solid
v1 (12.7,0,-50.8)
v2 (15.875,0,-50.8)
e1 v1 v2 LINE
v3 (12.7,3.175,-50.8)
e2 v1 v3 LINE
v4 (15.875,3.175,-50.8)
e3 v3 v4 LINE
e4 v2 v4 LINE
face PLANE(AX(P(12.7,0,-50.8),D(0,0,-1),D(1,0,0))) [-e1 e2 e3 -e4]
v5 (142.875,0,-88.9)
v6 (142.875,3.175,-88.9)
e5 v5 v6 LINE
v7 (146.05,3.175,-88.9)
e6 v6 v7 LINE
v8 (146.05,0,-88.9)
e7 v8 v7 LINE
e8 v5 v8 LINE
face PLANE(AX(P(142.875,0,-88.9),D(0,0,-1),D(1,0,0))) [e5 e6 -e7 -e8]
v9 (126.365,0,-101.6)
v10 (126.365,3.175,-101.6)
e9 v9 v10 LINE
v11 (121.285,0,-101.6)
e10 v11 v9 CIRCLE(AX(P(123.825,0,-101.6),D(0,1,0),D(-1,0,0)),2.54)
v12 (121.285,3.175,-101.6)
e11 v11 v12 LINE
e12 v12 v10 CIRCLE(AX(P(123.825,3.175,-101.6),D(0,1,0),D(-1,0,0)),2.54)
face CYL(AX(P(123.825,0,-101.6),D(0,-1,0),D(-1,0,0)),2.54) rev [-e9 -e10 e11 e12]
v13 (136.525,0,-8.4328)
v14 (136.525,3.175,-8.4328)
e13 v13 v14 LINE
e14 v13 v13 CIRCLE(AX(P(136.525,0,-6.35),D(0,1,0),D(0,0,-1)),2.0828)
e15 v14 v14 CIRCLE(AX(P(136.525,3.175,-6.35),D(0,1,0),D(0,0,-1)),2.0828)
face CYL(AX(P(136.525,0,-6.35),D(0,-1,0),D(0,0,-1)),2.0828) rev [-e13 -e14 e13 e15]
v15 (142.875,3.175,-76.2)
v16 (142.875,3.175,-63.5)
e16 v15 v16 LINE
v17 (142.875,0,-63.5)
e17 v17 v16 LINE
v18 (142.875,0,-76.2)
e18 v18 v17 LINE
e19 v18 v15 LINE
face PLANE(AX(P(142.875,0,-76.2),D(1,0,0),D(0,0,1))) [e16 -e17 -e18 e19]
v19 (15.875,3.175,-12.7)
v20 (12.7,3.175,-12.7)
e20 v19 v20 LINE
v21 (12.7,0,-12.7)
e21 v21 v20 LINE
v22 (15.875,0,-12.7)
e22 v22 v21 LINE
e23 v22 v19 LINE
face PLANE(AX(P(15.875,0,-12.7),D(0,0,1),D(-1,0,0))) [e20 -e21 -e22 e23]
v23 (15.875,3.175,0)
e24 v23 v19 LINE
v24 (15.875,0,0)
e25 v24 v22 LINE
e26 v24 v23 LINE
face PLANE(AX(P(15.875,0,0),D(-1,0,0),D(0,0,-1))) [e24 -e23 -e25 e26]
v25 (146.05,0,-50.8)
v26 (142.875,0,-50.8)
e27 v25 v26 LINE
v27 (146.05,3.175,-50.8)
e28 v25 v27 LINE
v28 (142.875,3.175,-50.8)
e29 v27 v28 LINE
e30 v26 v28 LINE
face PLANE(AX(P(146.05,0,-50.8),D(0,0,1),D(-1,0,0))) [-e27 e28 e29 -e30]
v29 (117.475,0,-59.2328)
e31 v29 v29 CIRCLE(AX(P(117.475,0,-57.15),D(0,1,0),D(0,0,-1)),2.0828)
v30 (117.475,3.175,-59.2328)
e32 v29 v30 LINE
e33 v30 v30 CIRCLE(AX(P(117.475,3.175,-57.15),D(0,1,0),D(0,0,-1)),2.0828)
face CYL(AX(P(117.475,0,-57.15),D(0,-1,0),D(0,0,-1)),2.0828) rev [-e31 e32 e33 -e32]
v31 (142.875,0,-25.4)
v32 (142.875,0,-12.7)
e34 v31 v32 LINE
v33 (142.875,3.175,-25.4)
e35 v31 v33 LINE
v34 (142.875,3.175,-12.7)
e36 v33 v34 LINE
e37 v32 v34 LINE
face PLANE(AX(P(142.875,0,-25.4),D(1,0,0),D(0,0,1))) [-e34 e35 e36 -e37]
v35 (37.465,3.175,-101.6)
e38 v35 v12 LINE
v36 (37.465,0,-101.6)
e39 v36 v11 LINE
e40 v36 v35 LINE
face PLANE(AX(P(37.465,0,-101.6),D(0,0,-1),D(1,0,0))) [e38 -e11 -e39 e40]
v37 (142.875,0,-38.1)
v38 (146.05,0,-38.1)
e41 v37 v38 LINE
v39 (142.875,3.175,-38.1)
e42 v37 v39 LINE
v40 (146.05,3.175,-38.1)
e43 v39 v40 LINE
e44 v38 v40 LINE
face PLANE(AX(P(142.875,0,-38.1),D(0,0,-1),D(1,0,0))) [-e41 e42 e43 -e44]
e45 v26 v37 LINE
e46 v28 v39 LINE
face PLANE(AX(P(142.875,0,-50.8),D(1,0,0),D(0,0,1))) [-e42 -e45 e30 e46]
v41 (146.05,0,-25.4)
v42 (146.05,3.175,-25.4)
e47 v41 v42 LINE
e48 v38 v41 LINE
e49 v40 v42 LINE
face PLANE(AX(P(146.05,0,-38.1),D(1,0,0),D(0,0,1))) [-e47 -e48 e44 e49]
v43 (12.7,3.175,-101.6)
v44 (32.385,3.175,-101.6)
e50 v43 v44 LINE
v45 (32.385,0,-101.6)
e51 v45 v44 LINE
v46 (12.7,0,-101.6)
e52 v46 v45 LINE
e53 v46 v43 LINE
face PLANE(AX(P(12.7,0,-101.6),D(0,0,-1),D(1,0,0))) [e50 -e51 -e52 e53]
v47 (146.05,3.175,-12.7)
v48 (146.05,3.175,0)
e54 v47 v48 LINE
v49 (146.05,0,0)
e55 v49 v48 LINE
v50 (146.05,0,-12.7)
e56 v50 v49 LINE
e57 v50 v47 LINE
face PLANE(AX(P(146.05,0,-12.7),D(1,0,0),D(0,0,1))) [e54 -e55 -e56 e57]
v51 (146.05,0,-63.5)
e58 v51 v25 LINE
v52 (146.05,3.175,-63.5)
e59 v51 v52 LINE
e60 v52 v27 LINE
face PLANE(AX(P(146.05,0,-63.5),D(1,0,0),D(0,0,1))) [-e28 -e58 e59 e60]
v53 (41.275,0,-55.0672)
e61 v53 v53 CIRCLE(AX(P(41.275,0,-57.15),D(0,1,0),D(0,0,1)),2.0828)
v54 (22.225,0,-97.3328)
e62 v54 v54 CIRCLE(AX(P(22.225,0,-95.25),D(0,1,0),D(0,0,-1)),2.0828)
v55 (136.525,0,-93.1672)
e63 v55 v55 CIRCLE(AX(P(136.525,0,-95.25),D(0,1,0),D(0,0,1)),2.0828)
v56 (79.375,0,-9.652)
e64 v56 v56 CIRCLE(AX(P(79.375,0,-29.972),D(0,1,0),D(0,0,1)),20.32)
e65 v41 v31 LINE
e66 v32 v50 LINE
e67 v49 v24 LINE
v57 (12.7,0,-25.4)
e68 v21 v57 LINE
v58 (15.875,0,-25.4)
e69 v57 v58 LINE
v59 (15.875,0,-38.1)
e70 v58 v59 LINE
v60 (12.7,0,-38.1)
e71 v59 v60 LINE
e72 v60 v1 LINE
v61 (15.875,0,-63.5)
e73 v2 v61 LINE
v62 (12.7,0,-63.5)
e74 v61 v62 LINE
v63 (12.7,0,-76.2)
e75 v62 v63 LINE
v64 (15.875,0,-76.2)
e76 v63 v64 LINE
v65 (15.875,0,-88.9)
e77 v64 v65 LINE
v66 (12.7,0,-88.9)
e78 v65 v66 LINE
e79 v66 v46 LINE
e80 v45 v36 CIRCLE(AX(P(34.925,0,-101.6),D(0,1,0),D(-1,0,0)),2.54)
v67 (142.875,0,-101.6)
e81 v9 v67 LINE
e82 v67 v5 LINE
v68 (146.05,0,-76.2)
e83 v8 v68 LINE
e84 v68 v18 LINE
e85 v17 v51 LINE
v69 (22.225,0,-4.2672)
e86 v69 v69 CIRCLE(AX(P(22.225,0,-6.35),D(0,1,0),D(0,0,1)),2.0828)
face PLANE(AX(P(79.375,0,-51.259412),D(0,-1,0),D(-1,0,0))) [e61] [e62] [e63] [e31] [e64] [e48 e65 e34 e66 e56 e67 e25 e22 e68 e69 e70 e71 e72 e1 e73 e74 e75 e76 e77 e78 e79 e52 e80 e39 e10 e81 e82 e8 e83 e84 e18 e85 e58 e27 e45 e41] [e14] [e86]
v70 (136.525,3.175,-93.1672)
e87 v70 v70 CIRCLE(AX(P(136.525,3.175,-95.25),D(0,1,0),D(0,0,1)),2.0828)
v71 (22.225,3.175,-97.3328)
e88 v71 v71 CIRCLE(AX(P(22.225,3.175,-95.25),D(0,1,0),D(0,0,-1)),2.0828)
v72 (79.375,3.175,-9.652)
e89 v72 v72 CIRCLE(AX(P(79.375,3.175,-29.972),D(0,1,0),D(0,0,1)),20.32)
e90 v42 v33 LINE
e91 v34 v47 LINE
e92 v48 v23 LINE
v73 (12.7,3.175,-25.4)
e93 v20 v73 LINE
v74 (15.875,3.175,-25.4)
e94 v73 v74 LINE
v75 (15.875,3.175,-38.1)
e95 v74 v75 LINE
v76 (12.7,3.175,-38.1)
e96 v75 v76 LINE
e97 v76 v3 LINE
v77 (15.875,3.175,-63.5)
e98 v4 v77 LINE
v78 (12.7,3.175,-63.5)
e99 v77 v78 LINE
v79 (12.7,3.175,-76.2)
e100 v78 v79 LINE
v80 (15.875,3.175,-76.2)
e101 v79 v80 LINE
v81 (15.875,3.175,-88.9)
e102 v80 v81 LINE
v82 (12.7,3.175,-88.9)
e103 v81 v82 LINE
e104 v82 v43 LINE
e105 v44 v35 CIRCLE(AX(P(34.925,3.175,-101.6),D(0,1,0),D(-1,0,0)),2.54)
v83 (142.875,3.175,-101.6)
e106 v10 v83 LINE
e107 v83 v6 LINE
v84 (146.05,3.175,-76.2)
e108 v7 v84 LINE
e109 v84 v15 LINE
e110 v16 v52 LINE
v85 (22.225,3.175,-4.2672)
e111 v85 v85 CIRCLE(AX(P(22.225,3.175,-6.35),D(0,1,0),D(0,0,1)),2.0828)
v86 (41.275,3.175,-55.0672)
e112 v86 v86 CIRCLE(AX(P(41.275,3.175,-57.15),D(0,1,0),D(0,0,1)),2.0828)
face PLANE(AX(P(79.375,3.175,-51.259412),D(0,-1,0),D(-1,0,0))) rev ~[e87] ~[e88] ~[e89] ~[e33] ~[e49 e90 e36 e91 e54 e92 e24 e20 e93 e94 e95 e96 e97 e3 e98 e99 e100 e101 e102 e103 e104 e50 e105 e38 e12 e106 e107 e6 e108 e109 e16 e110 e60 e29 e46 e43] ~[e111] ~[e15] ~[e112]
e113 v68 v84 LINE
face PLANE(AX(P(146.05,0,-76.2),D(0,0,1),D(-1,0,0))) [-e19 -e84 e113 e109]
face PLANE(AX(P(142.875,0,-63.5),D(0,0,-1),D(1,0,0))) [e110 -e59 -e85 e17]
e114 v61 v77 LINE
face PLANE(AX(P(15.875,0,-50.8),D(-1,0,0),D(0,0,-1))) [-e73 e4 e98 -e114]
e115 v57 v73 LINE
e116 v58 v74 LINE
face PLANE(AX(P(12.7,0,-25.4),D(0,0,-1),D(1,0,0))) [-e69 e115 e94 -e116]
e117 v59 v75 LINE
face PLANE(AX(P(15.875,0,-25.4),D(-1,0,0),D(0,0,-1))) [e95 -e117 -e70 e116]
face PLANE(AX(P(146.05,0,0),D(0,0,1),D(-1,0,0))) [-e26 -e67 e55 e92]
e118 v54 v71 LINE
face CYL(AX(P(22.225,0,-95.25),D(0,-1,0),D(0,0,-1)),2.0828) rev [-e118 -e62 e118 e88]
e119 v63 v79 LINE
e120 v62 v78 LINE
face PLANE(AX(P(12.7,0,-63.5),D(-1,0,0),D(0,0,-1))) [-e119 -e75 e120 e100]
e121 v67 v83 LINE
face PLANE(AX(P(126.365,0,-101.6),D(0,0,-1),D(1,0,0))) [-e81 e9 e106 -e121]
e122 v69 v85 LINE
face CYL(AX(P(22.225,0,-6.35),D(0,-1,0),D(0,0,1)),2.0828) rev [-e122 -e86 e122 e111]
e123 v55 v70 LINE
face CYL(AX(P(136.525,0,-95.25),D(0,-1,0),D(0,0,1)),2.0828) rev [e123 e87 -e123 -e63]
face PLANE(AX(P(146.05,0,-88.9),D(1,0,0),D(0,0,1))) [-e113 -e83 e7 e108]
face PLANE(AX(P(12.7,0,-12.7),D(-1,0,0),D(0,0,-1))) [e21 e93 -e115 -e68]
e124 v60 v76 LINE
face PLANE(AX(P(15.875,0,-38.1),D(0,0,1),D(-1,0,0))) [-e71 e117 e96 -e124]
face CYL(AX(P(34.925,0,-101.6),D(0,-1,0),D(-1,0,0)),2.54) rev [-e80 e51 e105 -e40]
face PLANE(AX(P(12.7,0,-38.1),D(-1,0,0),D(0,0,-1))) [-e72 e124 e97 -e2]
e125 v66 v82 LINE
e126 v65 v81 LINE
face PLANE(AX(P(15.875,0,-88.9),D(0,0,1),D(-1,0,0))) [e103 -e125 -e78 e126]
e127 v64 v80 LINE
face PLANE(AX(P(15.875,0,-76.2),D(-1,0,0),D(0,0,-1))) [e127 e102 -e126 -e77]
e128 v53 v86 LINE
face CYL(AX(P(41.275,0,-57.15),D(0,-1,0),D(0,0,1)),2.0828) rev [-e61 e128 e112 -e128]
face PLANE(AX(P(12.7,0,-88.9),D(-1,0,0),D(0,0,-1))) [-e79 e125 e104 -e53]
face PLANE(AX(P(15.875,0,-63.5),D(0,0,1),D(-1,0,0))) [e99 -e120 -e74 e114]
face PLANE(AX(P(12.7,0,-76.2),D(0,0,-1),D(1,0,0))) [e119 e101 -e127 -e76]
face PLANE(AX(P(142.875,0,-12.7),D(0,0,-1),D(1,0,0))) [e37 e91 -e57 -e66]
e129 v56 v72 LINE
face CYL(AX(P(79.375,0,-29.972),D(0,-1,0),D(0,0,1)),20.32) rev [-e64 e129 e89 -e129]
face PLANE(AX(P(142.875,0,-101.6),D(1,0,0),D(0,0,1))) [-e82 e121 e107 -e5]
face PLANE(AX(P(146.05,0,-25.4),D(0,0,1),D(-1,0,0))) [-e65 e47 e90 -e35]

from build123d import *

# Parameters (mm, degrees)
SKETCH2_R           = 2.0828
SKETCH2_R_2         = 20.32
BOSS_EXTRUDE1_DEPTH = 3.175


with BuildPart() as part:
    # Sketch2 → Boss-Extrude1 (new body)
    with BuildSketch(Plane(origin=(0, 0, 0), x_dir=(1, 0, 0), z_dir=(0, 1, 0))):
        with BuildLine():
            Line((15.875, 0), (15.875, 12.7))
            Line((15.875, 12.7), (12.7, 12.7))
            Line((12.7, 12.7), (12.7, 25.4))
            Line((12.7, 25.4), (15.875, 25.4))
            Line((15.875, 25.4), (15.875, 38.1))
            Line((15.875, 38.1), (12.7, 38.1))
            Line((12.7, 38.1), (12.7, 50.8))
            Line((12.7, 50.8), (15.875, 50.8))
            Line((15.875, 50.8), (15.875, 63.5))
            Line((15.875, 63.5), (12.7, 63.5))
            Line((12.7, 63.5), (12.7, 76.2))
            Line((12.7, 76.2), (15.875, 76.2))
            Line((15.875, 76.2), (15.875, 88.9))
            Line((15.875, 88.9), (12.7, 88.9))
            Line((12.7, 88.9), (12.7, 101.6))
            Line((12.7, 101.6), (15.875, 101.6))
            Line((15.875, 101.6), (32.385, 101.6))
            ThreePointArc((32.385, 101.6), (34.925, 99.06), (37.465, 101.6))
            Line((37.465, 101.6), (121.285, 101.6))
            ThreePointArc((121.285, 101.6), (123.825, 99.06), (126.365, 101.6))
            Line((126.365, 101.6), (142.875, 101.6))
            Line((142.875, 101.6), (142.875, 88.9))
            Line((142.875, 88.9), (146.05, 88.9))
            Line((146.05, 88.9), (146.05, 76.2))
            Line((146.05, 76.2), (142.875, 76.2))
            Line((142.875, 76.2), (142.875, 63.5))
            Line((142.875, 63.5), (146.05, 63.5))
            Line((146.05, 63.5), (146.05, 50.8))
            Line((146.05, 50.8), (142.875, 50.8))
            Line((142.875, 50.8), (142.875, 38.1))
            Line((142.875, 38.1), (146.05, 38.1))
            Line((146.05, 38.1), (146.05, 25.4))
            Line((146.05, 25.4), (142.875, 25.4))
            Line((142.875, 25.4), (142.875, 12.7))
            Line((142.875, 12.7), (146.05, 12.7))
            Line((146.05, 12.7), (146.05, 0))
            Line((146.05, 0), (15.875, 0))
        make_face()
        with Locations(Location((41.275, 57.15, 0), (0, 0, 270))):
            Circle(SKETCH2_R, mode=Mode.SUBTRACT)
        with Locations(Location((136.525, 6.35, 0), (0, 0, 90))):
            Circle(SKETCH2_R, mode=Mode.SUBTRACT)
        with Locations(Location((79.375, 29.972, 0), (0, 0, 270))):
            Circle(SKETCH2_R_2, mode=Mode.SUBTRACT)
        with Locations(Location((22.225, 6.35, 0), (0, 0, 270))):
            Circle(SKETCH2_R, mode=Mode.SUBTRACT)
        with Locations(Location((117.475, 57.15, 0), (0, 0, 90))):
            Circle(SKETCH2_R, mode=Mode.SUBTRACT)
        with Locations(Location((22.225, 95.25, 0), (0, 0, 90))):
            Circle(SKETCH2_R, mode=Mode.SUBTRACT)
        with Locations(Location((136.525, 95.25, 0), (0, 0, 270))):
            Circle(SKETCH2_R, mode=Mode.SUBTRACT)
    extrude(amount=BOSS_EXTRUDE1_DEPTH)


solid = part.part
